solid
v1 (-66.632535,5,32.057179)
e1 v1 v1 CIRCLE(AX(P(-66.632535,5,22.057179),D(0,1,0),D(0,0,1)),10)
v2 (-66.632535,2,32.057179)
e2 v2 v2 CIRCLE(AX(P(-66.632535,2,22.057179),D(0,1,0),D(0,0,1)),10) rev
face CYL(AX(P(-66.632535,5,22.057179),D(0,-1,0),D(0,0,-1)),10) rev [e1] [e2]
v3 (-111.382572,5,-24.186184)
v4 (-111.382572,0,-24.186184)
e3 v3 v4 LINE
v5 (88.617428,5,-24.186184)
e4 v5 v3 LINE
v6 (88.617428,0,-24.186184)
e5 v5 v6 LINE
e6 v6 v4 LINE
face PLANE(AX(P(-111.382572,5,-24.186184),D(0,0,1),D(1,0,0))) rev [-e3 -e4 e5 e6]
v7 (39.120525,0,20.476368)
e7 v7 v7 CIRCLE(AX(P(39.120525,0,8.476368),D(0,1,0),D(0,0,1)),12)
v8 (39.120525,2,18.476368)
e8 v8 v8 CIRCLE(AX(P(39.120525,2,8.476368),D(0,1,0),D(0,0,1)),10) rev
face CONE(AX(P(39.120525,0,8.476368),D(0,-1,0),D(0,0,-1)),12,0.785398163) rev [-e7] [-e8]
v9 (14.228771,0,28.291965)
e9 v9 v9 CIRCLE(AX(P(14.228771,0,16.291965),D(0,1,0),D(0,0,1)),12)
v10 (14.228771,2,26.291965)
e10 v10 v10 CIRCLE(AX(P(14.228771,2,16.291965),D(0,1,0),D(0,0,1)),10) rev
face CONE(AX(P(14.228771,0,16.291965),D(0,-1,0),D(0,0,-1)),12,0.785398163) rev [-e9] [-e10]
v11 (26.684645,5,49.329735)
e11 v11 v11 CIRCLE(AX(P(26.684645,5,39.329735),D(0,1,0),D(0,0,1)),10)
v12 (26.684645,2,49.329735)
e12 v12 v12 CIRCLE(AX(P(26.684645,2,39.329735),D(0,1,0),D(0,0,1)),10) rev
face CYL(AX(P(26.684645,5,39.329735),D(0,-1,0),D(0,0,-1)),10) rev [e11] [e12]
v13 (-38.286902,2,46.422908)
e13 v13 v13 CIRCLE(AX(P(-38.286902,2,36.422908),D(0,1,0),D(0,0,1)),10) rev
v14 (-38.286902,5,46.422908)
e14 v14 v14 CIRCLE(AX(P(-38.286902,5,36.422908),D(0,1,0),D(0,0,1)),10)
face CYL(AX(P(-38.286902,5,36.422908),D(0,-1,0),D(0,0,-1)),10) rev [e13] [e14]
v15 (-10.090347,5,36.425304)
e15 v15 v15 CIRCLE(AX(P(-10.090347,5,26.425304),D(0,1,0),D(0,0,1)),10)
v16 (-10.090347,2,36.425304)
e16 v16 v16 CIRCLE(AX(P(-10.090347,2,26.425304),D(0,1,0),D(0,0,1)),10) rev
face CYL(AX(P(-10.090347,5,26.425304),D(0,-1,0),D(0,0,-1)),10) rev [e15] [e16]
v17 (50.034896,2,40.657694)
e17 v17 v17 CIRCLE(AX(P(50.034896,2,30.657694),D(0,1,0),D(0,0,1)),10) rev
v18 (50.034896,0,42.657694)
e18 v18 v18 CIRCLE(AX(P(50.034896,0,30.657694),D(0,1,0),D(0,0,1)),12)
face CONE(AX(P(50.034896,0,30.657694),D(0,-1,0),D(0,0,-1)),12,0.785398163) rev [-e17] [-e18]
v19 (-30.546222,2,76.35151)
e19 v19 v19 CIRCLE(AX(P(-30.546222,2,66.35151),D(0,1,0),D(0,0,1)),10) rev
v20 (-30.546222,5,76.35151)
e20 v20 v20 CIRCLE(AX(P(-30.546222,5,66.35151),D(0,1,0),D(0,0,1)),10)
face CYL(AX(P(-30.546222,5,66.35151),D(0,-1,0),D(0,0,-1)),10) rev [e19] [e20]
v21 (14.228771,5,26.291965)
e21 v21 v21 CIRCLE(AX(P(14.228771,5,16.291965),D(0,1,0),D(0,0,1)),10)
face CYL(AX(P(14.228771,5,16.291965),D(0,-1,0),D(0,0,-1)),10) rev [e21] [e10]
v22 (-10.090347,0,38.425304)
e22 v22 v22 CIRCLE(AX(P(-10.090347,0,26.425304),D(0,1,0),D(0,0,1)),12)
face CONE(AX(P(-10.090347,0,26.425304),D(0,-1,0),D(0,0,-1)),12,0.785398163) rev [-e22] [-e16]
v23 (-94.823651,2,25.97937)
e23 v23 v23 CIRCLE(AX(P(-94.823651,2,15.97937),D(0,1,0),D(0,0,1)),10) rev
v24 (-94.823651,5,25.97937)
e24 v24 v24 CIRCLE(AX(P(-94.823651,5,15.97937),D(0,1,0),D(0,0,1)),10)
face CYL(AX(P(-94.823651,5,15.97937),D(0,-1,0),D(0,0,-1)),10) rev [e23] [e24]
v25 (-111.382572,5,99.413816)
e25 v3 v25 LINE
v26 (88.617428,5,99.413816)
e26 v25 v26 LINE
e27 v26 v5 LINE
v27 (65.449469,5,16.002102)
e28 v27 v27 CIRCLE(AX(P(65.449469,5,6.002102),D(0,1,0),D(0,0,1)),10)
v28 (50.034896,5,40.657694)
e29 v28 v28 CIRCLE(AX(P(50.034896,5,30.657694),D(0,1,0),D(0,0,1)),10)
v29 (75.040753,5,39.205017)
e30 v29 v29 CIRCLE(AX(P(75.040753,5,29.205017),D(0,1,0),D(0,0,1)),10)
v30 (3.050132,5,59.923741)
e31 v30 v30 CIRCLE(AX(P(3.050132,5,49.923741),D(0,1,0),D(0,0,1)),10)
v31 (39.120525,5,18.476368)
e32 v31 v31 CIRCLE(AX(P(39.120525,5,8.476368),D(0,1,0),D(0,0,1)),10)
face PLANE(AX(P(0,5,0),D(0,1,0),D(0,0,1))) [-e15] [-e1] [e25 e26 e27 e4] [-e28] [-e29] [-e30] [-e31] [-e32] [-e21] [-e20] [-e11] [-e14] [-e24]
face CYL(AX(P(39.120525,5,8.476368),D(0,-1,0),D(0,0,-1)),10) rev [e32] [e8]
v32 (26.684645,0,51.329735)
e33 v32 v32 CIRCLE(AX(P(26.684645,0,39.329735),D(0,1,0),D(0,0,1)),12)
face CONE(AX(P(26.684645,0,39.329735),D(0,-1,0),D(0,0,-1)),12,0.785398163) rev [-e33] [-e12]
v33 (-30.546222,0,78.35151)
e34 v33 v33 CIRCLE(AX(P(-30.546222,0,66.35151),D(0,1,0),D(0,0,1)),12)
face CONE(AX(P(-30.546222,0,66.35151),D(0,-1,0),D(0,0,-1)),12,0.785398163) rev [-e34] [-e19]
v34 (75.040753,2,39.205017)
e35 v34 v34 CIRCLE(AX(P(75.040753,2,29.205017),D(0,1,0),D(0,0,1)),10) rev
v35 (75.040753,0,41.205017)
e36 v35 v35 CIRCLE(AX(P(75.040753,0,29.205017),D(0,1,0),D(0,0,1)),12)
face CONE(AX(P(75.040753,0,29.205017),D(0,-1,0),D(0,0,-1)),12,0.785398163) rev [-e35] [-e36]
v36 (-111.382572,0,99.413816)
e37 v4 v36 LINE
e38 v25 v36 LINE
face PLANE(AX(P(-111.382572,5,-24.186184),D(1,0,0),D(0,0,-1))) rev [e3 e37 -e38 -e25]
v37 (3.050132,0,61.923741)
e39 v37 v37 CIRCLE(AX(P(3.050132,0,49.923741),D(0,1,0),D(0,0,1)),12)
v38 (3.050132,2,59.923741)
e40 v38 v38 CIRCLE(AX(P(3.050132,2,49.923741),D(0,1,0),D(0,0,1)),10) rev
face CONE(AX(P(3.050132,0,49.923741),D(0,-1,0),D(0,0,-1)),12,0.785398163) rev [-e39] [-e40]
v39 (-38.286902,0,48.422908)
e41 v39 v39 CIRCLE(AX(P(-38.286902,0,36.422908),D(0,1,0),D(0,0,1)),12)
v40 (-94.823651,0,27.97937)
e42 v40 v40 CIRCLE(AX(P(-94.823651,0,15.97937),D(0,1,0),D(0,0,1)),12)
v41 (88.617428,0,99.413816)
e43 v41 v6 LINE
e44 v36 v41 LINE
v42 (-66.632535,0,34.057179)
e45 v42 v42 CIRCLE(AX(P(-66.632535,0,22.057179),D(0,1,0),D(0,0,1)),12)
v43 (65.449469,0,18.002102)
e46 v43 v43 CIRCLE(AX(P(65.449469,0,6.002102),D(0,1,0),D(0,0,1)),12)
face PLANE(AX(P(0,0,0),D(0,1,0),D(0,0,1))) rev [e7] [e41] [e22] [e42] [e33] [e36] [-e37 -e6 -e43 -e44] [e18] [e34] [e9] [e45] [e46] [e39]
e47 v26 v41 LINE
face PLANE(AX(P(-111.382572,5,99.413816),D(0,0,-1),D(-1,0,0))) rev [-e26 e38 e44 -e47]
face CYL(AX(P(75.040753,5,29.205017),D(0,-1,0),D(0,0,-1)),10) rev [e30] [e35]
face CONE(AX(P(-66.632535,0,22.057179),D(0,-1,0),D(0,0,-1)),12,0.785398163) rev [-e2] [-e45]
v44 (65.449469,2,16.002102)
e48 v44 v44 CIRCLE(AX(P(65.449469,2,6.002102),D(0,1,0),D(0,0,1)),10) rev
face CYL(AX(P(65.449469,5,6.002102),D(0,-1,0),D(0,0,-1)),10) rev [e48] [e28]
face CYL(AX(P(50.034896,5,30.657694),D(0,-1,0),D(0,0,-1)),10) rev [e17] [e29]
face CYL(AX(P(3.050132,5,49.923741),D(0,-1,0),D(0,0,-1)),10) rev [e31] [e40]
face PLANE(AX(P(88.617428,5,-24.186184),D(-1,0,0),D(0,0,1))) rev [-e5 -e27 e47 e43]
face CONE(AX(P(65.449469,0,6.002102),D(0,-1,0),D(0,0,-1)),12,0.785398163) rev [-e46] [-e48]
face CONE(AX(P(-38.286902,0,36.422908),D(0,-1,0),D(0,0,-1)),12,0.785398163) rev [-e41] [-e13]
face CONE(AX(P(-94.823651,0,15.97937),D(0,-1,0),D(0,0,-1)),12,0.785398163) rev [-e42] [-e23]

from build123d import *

# Parameters (mm, degrees)
SKETCH1_W           = 200
SKETCH1_H           = 123.6
SKETCH1_R           = 10
BOSS_EXTRUDE1_DEPTH = 5
CHAMFER1_SIZE       = 2


with BuildPart() as part:
    # Sketch1 → Boss-Extrude1 (new body)
    with BuildSketch(Plane(origin=(0, 0, 0), x_dir=(1, 0, 0), z_dir=(0, 1, 0))):
        with Locations((-11.382571905, -37.613815878)):
            Rectangle(SKETCH1_W, SKETCH1_H)
        with Locations(Location((-30.546222192, -66.351509684, 0), (0, 0, 270))):
            Circle(SKETCH1_R, mode=Mode.SUBTRACT)
        with Locations(Location((-66.632534539, -22.057178609, 0), (0, 0, 270))):
            Circle(SKETCH1_R, mode=Mode.SUBTRACT)
        with Locations(Location((-94.823650655, -15.979370187, 0), (0, 0, 270))):
            Circle(SKETCH1_R, mode=Mode.SUBTRACT)
        with Locations(Location((-10.090347172, -26.425303761, 0), (0, 0, 270))):
            Circle(SKETCH1_R, mode=Mode.SUBTRACT)
        with Locations(Location((65.449469323, -6.002101711, 0), (0, 0, 270))):
            Circle(SKETCH1_R, mode=Mode.SUBTRACT)
        with Locations(Location((39.120524561, -8.47636758, 0), (0, 0, 270))):
            Circle(SKETCH1_R, mode=Mode.SUBTRACT)
        with Locations(Location((3.050131898, -49.923740932, 0), (0, 0, 270))):
            Circle(SKETCH1_R, mode=Mode.SUBTRACT)
        with Locations(Location((26.684644812, -39.329734959, 0), (0, 0, 270))):
            Circle(SKETCH1_R, mode=Mode.SUBTRACT)
        with Locations(Location((50.034895937, -30.657694114, 0), (0, 0, 270))):
            Circle(SKETCH1_R, mode=Mode.SUBTRACT)
        with Locations(Location((-38.286901535, -36.422907606, 0), (0, 0, 270))):
            Circle(SKETCH1_R, mode=Mode.SUBTRACT)
        with Locations(Location((75.040753418, -29.205017129, 0), (0, 0, 270))):
            Circle(SKETCH1_R, mode=Mode.SUBTRACT)
        with Locations(Location((14.228770638, -16.291965116, 0), (0, 0, 270))):
            Circle(SKETCH1_R, mode=Mode.SUBTRACT)
    extrude(amount=BOSS_EXTRUDE1_DEPTH)

    # Chamfer1
    chamfer1_edges = [part.edges().sort_by_distance(p)[0] for p in [
        (-30.546222192, 0, 56.351509684),
        (-66.632534539, 0, 12.057178609),
        (-94.823650655, 0, 5.979370187),
        (-10.090347172, 0, 16.425303761),
        (65.449469323, 0, -3.997898289),
        (39.120524561, 0, -1.52363242),
        (3.050131898, 0, 39.923740932),
        (26.684644812, 0, 29.329734959),
        (50.034895937, 0, 20.657694114),
        (-38.286901535, 0, 26.422907606),
        (75.040753418, 0, 19.205017129),
        (14.228770638, 0, 6.291965116),
    ]]
    chamfer(chamfer1_edges, length=CHAMFER1_SIZE)


solid = part.part
